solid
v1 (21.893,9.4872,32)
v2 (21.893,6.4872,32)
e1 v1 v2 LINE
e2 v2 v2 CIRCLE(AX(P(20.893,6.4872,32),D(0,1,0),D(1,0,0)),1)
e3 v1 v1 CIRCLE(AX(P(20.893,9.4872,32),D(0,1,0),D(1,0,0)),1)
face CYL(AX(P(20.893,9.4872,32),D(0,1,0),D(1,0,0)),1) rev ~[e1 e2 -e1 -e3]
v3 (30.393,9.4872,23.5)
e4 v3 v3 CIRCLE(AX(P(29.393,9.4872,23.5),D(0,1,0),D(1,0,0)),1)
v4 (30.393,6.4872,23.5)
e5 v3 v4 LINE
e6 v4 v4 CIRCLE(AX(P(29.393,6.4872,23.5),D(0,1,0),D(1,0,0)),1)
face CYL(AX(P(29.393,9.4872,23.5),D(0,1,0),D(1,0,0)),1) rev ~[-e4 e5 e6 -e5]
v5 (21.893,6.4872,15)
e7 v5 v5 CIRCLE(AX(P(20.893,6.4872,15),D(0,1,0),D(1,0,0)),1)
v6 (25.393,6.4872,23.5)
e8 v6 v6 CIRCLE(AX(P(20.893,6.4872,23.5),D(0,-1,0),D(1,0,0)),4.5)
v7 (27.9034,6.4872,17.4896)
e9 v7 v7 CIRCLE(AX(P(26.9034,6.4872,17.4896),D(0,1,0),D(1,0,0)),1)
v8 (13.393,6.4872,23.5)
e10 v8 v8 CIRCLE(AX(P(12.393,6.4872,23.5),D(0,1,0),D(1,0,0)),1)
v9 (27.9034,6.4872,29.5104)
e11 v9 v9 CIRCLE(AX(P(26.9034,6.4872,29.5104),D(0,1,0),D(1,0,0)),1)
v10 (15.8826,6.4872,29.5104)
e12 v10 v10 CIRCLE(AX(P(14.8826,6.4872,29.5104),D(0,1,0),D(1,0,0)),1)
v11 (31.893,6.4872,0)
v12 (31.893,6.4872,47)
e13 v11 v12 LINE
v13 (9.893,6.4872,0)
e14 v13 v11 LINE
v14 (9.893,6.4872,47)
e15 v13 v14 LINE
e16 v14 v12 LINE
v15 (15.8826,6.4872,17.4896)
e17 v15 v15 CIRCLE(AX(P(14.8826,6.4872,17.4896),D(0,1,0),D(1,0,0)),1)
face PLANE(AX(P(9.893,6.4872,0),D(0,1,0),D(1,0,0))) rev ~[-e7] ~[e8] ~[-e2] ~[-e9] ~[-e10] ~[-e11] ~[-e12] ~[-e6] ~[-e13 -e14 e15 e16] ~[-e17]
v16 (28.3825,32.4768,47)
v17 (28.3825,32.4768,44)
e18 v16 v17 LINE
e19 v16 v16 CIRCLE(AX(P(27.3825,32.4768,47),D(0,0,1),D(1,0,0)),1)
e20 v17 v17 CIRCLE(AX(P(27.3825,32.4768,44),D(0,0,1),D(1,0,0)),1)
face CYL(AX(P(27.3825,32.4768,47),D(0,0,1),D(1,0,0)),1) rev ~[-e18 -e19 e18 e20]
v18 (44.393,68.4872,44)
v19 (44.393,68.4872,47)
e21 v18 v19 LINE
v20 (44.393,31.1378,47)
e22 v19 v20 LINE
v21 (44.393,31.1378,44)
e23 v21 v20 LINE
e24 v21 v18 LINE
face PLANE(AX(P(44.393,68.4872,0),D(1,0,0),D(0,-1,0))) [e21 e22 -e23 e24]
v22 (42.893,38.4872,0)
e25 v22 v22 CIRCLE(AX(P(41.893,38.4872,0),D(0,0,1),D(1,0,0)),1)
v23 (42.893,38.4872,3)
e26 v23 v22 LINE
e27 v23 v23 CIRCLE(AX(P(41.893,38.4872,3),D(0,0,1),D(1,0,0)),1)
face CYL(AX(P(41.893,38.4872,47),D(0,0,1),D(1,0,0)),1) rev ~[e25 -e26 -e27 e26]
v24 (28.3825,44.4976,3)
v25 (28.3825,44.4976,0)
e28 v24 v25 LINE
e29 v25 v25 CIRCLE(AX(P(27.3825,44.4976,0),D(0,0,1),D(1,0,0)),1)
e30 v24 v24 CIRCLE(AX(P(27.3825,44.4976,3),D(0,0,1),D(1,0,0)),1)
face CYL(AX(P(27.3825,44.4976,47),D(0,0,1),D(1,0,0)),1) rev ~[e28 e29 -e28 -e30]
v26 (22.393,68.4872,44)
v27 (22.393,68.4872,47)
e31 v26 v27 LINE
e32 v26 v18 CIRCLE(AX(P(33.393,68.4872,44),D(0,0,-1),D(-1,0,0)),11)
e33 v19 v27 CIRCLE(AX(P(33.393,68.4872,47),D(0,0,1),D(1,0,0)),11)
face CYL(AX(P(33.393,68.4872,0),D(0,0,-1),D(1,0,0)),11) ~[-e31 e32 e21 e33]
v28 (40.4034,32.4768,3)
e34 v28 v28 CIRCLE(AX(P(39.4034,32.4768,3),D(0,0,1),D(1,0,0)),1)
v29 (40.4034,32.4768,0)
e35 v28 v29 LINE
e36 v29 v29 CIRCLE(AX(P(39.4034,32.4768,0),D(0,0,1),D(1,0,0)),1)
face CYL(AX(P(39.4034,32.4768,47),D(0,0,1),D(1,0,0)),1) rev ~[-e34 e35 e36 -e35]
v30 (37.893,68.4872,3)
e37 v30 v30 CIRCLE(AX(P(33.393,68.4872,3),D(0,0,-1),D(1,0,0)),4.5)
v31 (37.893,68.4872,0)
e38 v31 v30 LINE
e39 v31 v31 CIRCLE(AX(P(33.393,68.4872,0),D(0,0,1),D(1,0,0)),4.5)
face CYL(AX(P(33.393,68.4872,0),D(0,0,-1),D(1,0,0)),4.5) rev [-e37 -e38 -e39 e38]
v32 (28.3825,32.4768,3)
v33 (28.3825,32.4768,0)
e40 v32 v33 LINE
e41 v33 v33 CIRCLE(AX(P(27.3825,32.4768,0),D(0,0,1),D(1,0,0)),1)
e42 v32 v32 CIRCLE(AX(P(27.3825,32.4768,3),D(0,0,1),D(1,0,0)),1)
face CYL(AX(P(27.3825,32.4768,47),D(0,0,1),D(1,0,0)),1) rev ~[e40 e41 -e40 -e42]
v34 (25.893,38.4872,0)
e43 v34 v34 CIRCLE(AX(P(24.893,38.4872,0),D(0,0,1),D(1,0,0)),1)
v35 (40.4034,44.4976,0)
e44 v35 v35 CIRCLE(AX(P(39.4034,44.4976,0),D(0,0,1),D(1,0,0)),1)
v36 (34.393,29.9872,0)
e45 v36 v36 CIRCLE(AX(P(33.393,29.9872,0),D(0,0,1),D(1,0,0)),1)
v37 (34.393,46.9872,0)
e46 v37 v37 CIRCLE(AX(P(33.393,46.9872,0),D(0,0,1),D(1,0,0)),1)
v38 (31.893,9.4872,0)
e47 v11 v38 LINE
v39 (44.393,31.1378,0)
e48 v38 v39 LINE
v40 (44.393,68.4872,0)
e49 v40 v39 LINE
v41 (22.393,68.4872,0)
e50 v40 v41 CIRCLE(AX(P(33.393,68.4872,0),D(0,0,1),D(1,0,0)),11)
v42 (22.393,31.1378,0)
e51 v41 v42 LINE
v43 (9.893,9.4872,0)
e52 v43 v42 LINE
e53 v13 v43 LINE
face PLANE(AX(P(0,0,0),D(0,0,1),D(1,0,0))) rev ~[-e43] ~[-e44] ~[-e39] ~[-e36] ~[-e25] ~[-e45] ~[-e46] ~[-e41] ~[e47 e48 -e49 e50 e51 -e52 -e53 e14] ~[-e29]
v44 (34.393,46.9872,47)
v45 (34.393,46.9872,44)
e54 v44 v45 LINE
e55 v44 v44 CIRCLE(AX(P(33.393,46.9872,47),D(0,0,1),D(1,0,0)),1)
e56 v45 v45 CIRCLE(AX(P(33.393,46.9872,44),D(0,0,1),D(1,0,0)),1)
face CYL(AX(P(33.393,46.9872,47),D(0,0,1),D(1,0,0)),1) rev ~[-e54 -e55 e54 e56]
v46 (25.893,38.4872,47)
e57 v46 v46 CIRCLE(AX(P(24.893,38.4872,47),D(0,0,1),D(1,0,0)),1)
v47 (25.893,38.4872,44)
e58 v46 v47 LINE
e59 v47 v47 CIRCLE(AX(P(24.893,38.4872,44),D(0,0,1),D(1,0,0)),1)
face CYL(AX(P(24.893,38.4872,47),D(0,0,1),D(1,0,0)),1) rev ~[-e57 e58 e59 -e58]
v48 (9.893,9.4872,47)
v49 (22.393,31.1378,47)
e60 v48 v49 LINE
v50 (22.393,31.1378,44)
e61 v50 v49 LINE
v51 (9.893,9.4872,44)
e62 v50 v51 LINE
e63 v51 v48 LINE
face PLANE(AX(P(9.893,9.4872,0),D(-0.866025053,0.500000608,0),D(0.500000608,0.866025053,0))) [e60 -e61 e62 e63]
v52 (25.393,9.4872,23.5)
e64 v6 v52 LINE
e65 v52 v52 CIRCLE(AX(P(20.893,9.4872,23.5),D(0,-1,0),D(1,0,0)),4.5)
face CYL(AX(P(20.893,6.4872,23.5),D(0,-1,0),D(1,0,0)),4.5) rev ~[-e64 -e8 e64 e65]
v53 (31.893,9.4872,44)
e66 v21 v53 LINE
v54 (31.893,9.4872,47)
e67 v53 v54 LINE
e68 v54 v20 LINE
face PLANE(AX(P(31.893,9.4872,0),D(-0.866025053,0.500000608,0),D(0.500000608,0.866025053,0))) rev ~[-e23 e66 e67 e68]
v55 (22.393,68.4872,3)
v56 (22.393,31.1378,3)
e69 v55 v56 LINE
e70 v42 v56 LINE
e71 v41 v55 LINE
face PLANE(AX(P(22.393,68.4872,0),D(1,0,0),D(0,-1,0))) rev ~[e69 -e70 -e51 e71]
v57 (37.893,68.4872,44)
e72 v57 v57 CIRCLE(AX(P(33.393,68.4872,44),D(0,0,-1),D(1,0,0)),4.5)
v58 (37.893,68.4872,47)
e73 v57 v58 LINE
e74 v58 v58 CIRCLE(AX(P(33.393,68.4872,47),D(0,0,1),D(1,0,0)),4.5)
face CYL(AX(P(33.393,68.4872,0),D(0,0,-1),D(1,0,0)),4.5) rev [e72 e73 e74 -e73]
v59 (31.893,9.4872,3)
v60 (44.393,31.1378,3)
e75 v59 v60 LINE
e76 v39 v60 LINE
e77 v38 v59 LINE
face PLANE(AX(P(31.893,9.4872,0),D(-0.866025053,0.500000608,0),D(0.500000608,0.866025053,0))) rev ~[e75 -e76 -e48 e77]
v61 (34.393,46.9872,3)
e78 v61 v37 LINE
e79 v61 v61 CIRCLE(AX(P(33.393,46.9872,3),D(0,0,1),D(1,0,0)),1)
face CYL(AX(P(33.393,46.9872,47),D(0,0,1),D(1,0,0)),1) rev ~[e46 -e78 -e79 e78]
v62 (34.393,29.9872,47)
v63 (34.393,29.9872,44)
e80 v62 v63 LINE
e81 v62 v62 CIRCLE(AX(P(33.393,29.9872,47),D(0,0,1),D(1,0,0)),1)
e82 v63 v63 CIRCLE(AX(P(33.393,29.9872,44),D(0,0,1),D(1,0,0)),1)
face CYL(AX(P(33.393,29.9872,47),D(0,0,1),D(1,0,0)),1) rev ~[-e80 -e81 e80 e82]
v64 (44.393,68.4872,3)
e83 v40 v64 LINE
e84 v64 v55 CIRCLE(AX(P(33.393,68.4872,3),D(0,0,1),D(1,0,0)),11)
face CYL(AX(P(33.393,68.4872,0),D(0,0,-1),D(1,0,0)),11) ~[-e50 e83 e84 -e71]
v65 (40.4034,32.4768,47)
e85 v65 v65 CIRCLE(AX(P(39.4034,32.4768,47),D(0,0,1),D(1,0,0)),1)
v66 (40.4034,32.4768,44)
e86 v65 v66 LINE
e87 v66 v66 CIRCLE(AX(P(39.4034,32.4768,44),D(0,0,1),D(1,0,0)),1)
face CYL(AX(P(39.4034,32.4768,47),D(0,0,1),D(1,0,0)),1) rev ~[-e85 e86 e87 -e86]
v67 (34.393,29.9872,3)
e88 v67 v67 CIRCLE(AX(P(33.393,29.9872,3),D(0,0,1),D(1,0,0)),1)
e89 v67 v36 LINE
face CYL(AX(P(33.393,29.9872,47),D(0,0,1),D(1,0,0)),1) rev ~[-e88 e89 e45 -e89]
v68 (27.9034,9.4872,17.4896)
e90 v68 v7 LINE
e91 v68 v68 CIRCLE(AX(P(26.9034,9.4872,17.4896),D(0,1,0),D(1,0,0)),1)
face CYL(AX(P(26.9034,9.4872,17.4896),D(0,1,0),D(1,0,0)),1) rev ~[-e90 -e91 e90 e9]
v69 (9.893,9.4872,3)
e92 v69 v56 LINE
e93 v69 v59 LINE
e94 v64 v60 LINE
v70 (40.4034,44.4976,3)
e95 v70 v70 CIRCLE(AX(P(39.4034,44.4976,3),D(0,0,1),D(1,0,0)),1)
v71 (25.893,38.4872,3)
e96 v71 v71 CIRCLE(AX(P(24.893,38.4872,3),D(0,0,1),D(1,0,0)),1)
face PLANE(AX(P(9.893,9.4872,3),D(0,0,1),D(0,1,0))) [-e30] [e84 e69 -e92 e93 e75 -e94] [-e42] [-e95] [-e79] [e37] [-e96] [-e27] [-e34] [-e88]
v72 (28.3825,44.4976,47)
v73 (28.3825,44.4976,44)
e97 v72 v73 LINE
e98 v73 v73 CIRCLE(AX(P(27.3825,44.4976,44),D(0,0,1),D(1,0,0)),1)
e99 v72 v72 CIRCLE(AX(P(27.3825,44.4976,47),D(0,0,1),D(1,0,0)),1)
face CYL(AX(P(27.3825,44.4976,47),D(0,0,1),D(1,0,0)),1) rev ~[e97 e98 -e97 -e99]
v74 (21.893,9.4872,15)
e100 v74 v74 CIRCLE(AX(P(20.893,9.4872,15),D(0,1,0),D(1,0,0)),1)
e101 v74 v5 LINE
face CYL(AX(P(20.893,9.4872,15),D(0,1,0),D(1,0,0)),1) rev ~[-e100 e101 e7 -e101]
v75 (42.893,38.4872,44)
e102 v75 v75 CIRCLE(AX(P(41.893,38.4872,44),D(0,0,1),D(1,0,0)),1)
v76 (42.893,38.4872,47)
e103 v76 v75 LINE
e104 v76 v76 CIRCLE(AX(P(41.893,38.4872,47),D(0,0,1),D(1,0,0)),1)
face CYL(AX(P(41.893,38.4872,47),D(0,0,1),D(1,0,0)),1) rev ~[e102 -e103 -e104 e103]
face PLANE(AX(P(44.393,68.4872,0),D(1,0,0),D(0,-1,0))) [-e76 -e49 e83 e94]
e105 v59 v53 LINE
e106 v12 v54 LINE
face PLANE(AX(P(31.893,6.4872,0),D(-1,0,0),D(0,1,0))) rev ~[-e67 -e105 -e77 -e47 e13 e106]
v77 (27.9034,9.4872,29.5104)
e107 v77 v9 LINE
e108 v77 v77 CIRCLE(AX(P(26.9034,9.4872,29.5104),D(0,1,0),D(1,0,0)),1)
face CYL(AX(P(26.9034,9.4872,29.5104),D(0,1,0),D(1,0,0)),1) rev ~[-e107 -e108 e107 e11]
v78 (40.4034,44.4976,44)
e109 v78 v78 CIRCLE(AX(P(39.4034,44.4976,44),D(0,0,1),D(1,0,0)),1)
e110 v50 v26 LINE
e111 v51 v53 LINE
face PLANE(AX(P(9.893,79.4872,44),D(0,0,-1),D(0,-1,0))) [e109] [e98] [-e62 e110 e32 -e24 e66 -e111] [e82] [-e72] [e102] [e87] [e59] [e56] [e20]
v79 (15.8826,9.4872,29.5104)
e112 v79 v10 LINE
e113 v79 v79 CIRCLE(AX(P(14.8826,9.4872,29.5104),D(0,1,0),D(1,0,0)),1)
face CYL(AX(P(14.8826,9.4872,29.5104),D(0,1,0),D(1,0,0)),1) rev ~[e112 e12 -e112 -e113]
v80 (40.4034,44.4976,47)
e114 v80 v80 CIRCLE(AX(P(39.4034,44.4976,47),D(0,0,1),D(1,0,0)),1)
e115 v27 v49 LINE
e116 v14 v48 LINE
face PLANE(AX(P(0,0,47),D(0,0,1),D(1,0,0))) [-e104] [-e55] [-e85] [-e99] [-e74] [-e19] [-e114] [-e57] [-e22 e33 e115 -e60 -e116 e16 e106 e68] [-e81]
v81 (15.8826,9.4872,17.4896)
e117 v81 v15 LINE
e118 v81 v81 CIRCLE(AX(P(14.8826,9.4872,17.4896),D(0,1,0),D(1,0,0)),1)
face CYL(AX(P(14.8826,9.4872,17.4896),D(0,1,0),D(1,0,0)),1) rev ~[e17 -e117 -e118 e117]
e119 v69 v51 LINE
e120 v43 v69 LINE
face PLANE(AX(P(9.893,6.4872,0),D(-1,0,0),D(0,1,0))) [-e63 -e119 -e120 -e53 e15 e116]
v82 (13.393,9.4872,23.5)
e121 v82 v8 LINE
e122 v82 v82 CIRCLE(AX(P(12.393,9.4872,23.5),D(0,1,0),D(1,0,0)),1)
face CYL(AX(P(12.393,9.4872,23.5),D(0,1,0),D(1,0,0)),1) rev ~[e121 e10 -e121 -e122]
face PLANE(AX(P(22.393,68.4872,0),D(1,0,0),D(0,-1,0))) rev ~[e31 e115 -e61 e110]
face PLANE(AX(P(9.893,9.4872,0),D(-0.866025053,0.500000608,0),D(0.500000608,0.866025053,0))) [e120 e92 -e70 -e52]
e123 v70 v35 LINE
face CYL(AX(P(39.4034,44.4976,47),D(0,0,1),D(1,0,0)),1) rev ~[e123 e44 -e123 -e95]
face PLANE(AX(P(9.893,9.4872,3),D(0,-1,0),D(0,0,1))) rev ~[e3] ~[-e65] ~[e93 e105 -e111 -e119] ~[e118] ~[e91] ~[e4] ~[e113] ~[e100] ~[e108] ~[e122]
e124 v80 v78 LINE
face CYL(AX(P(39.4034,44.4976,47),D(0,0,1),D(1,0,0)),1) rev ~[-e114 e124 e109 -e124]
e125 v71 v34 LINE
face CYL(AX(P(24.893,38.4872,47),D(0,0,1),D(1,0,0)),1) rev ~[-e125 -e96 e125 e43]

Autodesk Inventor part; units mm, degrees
ref_plane "YZ Plane" through (0, 0, 0) normal (1, 0, 0) x (0, 1, 0)
ref_plane "XZ Plane" through (0, 0, 0) normal (0, 1, 0) x (-1, 0, 0)
ref_plane "XY Plane" through (0, 0, 0) normal (0, 0, 1) x (1, 0, 0)
sketch "Sketch1" plane through (0, 0, 0) normal (0, 0, 1) x (1, 0, 0)
  line L0 (9.893, 6.4872) -> (9.893, 9.4872)
  line L1 (31.893, 6.4872) -> (31.893, 9.4872)
  arc A0 (44.393, 68.4872) -> (22.393, 68.4872) centre (33.393, 68.4872) ccw
  line L2 (9.893, 6.4872) -> (31.893, 6.4872)
  line L3 (9.893, 9.4872) -> (22.393, 31.1378)
  line L4 (9.893, 9.4872) -> (39.4953, 9.4872) construction
  line L5 (31.893, 9.4872) -> (44.393, 31.1378)
  line L6 (44.393, 68.4872) -> (44.393, 31.1378)
  line L7 (22.393, 68.4872) -> (22.393, 31.1378)
  circle A1 centre (33.393, 68.4872) radius 4.5
  point P0 (0, 0)
  dimension "d0" = 62
  dimension "d1" = 1.5
  dimension "d2" = 3
  dimension "d3" = 3
  dimension "d5" = 22
  dimension "d6" = 60
  dimension "d7" = 22
  dimension "d8" = 9
extrude "Extrusion1" add sketch "Sketch1" along normal blind 47
sketch "Sketch2" plane through (9.893, 6.4872, 0) normal (-1, 0, 0) x (0, 0, 1)
  line L0 (0, 3) -> (47, 3) projected
  line L1 (0, 73) -> (47, 73) projected
  line L2 (3, 3) -> (3, 73)
  line L3 (3, 73) -> (44, 73)
  line L4 (44, 73) -> (44, 3)
  line L5 (0, 3) -> (0, 24.6506) projected
  line L6 (47, 24.6506) -> (47, 62) projected
  line L7 (3, 3) -> (44, 3)
  point P0 (0, -6.4872)
  dimension "d11" = 3
  dimension "d12" = 3
extrude "Extrusion2" cut sketch "Sketch2" against normal through all
sketch "Sketch3" plane through (9.893, 6.4872, 0) normal (0, -1, 0) x (1, 0, 0)
  circle A0 centre (11, 23.5) radius 4.5
  line L0 (22, 0) -> (0, 0) projected
  point P0 (-9.893, 0)
  dimension "d15" = 9
  dimension "d18" = 23.5
extrude "Extrusion3" cut sketch "Sketch3" against normal through all
sketch "Sketch4" plane through (0, 0, 47) normal (0, 0, 1) x (1, 0, 0)
  circle A0 centre (33.393, 38.4872) radius 4.5
  circle A1 centre (33.393, 46.9872) radius 1
  circle A2 centre (27.3825, 44.4976) radius 1
  circle A3 centre (24.893, 38.4872) radius 1
  circle A4 centre (27.3825, 32.4768) radius 1
  circle A5 centre (33.393, 29.9872) radius 1
  circle A6 centre (39.4034, 32.4768) radius 1
  circle A7 centre (41.893, 38.4872) radius 1
  circle A8 centre (39.4034, 44.4976) radius 1
  point P0 (0, 0)
extrude "Extrusion4" cut sketch "Sketch4" against normal through all contours A1 | A2 | A3 | A4 | A5 | A6 | A7 | A8
sketch "Sketch5" plane through (9.893, 9.4872, 44) normal (0, 1, 0) x (1, 0, 0)
  circle A0 centre (11, 20.5) radius 4.5
  circle A1 centre (11, 29) radius 1
  circle A2 centre (4.9896, 26.5104) radius 1
  circle A3 centre (2.5, 20.5) radius 1
  circle A4 centre (4.9896, 14.4896) radius 1
  circle A5 centre (11, 12) radius 1
  circle A6 centre (17.0104, 14.4896) radius 1
  circle A7 centre (19.5, 20.5) radius 1
  circle A8 centre (17.0104, 26.5104) radius 1
  point P0 (-9.893, 44)
extrude "Extrusion5" cut sketch "Sketch5" against normal through all contours A1 | A2 | A3 | A4 | A5 | A6 | A7 | A8
properties part number "Neck" material "Aluminum-6061"
